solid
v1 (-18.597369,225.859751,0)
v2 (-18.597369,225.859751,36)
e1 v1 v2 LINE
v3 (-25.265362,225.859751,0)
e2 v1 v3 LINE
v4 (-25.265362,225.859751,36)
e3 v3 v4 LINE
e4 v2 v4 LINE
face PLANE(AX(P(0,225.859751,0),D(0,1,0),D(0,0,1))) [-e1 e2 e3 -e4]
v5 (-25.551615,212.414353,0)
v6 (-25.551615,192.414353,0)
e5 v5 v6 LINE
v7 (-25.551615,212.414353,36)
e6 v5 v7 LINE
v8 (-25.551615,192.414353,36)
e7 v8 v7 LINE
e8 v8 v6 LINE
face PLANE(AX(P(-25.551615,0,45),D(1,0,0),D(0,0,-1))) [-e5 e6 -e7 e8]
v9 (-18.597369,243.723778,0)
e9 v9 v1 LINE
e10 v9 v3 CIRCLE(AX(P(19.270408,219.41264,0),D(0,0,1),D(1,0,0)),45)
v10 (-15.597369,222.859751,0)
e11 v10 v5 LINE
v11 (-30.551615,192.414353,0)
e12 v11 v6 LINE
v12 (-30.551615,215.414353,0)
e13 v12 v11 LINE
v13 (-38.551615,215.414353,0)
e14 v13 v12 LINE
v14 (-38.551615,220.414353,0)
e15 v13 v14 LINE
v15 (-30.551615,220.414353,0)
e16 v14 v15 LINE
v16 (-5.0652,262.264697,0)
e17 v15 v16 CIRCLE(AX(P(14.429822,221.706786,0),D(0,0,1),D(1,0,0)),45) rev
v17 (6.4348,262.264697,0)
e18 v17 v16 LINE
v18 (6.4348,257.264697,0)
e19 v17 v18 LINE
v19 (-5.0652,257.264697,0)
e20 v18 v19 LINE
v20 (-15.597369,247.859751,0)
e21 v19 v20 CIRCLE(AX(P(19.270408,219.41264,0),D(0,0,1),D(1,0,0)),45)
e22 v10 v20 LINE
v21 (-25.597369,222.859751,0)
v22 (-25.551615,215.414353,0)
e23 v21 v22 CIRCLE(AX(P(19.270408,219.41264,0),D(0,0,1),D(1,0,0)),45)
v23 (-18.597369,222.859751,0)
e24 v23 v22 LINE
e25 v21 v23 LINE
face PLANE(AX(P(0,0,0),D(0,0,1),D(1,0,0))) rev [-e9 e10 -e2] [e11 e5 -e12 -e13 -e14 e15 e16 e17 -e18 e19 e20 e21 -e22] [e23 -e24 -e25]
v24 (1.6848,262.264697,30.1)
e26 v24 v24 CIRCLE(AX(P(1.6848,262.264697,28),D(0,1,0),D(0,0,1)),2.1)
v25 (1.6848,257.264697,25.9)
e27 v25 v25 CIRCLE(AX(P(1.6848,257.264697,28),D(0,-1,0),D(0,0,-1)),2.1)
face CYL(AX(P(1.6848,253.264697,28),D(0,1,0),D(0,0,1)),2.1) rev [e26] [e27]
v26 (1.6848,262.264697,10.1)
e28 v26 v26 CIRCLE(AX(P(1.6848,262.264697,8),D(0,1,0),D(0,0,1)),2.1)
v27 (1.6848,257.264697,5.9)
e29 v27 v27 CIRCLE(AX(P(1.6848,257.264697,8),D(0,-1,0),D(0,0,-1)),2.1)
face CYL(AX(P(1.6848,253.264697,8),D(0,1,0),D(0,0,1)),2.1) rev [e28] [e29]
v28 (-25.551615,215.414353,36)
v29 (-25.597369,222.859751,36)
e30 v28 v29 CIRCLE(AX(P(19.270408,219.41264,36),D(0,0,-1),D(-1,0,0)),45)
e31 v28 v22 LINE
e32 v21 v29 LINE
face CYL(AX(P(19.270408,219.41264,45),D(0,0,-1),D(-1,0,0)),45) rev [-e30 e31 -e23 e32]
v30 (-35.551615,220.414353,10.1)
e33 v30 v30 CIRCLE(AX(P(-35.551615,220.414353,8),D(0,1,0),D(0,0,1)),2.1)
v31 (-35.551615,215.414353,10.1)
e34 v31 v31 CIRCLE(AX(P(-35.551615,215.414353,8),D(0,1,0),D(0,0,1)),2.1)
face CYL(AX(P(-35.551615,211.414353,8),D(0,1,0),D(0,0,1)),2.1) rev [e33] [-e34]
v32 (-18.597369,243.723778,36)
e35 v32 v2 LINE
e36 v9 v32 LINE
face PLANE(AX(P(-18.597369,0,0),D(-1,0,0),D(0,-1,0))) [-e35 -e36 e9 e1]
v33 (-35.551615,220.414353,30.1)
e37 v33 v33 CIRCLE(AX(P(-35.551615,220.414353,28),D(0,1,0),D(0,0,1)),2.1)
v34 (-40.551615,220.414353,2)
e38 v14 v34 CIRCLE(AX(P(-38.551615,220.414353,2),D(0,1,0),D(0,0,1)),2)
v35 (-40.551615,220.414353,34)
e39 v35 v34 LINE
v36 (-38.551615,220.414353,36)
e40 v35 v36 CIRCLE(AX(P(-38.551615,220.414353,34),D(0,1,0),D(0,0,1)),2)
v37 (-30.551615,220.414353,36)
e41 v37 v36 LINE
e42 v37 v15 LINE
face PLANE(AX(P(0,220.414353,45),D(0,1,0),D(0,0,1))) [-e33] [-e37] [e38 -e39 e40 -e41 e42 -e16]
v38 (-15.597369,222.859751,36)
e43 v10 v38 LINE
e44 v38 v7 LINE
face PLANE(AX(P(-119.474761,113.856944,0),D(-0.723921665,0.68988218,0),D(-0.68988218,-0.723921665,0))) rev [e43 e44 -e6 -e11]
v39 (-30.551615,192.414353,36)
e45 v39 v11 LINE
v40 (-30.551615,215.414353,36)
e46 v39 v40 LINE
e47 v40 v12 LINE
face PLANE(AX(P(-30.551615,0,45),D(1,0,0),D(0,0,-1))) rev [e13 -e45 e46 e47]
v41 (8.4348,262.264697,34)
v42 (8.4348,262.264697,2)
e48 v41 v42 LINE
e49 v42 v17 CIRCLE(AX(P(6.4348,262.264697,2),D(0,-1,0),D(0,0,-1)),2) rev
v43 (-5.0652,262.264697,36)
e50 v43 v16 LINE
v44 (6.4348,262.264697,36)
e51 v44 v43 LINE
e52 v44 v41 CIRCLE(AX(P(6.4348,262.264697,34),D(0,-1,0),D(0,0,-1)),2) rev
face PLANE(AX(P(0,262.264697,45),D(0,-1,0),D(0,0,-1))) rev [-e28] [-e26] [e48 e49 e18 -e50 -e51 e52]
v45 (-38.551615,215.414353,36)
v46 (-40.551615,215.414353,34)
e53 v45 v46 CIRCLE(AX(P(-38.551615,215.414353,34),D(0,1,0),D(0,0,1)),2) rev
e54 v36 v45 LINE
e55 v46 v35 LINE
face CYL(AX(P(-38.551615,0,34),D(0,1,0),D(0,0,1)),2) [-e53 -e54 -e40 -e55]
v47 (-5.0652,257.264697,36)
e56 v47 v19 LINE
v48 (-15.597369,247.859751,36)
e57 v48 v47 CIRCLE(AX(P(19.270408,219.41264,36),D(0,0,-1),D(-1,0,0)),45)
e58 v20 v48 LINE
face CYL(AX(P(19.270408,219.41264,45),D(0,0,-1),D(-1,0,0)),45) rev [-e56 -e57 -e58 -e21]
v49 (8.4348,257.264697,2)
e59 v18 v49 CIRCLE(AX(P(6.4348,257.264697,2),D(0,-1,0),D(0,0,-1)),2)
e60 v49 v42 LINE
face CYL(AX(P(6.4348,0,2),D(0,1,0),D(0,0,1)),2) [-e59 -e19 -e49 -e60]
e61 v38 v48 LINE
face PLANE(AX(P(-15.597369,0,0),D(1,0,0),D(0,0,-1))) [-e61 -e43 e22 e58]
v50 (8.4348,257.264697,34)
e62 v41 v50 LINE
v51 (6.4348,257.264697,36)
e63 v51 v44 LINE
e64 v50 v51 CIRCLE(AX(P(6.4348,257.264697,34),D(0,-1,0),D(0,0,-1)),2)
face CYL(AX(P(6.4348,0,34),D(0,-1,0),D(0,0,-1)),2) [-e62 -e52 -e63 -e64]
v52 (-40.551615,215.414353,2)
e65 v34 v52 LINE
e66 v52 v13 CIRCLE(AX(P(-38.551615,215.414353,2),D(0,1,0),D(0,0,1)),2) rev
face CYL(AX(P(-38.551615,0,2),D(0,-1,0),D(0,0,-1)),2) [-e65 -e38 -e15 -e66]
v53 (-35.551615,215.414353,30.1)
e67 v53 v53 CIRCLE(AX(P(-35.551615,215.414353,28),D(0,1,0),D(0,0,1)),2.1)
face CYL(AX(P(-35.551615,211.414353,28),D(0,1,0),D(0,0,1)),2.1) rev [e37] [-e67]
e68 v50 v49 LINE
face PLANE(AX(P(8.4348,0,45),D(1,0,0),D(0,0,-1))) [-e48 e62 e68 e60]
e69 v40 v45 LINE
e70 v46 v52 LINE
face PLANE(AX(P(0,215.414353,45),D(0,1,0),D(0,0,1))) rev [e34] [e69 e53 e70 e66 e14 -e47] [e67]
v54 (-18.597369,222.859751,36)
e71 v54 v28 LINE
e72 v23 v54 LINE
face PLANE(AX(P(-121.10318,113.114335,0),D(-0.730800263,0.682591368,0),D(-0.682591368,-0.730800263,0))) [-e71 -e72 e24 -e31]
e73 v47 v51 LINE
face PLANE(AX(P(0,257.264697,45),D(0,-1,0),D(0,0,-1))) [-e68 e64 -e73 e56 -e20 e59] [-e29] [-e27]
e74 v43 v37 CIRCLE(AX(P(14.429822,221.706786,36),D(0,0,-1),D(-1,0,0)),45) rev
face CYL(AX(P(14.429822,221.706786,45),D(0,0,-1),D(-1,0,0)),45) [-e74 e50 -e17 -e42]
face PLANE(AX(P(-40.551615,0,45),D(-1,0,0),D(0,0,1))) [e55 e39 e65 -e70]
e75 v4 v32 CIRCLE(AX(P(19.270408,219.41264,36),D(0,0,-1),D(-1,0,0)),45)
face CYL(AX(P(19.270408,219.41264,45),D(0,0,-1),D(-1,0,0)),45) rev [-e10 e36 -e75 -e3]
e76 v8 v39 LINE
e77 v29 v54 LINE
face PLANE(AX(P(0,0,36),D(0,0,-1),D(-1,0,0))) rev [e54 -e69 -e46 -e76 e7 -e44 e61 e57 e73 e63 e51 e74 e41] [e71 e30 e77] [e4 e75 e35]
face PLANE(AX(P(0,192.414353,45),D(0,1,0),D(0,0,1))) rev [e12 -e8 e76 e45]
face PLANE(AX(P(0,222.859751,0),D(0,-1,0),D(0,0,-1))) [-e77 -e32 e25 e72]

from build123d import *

# Parameters (mm, degrees)
SKETCH3_W           = 13.5
SKETCH3_H           = 5
SKETCH3_W_2         = 10
SKETCH3_W_3         = 5
SKETCH3_H_2         = 23
BOSS_EXTRUDE1_DEPTH = 45
FILLET1_R           = 2
SKETCH5_R           = 2.1
CUT_EXTRUDE2_DEPTH  = 45
SKETCH6_R           = 2.1
CUT_EXTRUDE3_DEPTH  = 45
SKETCH7_W           = 8.210459319
SKETCH7_H           = 32.58724939
BOSS_EXTRUDE2_DEPTH = 5
SKETCH8_R           = 2.1
CUT_EXTRUDE5_DEPTH  = 45
BOSS_EXTRUDE3_DEPTH = 45
SKETCH10_W          = 60.355694637
SKETCH10_H          = 75.381613981
CUT_EXTRUDE7_DEPTH  = 9
SKETCH13_W          = 6.095088126
SKETCH13_H          = 29.055723933
BOSS_EXTRUDE6_DEPTH = 5
SKETCH14_W          = 6.424633762
SKETCH14_H          = 30.784703445
BOSS_EXTRUDE7_DEPTH = 5
FILLET3_R           = 2
SKETCH15_R          = 2.1
CUT_EXTRUDE8_DEPTH  = 9
SKETCH16_R          = 2.1
CUT_EXTRUDE9_DEPTH  = 9


with BuildPart() as part:
    # Sketch3 → Boss-Extrude1 (new body)
    with BuildSketch(Plane.XY):
        with BuildLine():
            ThreePointArc((-5.06519953, 257.264696919), (-21.146881422, 239.197551787), (-25.551614771, 215.414352888))
            Line((-25.551614771, 215.414352888), (-30.551614771, 215.414352888))
            Line((-30.551614771, 215.414352888), (-30.551614771, 220.414352888))
            ThreePointArc((-30.551614771, 220.414352888), (-24.004098535, 245.112635185), (-5.06519953, 262.264696919))
            Line((-5.06519953, 262.264696919), (-5.06519953, 257.264696919))
        make_face()
        with Locations((1.68480047, 259.764696919)):
            Rectangle(SKETCH3_W, SKETCH3_H)
        with Locations((-35.551614771, 217.914352888)):
            Rectangle(SKETCH3_W_2, SKETCH3_H)
        with Locations((-28.051614771, 203.914352888)):
            Rectangle(SKETCH3_W_3, SKETCH3_H_2)
    extrude(amount=BOSS_EXTRUDE1_DEPTH)

    # Fillet1
    fillet1_edges = [part.edges().sort_by_distance(p)[0] for p in [
        (-40.551614771, 217.914352888, 0),
        (8.43480047, 259.764696919, 45),
        (8.43480047, 259.764696919, 0),
        (-40.551614771, 217.914352888, 45),
    ]]
    fillet(fillet1_edges, radius=FILLET1_R)

    # Sketch5 → Cut-Extrude2 (cut)
    with BuildSketch(Plane(origin=(0, 262.264696919, 0), x_dir=(1, 0, 0), z_dir=(0, 1, 0))):
        with Locations((0.24480047, -40)):
            Circle(SKETCH5_R)
        with Locations((0.24480047, -14.8)):
            Circle(SKETCH5_R)
    extrude(amount=-CUT_EXTRUDE2_DEPTH, mode=Mode.SUBTRACT)

    # Sketch6 → Cut-Extrude3 (cut)
    with BuildSketch(Plane(origin=(0, 220.414352888, 0), x_dir=(1, 0, 0), z_dir=(0, 1, 0))):
        with Locations((-35.551614771, -10)):
            Circle(SKETCH6_R)
        with Locations((-35.551614771, -35)):
            Circle(SKETCH6_R)
    extrude(amount=-CUT_EXTRUDE3_DEPTH, mode=Mode.SUBTRACT)

    # Sketch7 → Boss-Extrude2 (add)
    with BuildSketch(Plane(origin=(0, 262.264696919, 0), x_dir=(1, 0, 0), z_dir=(0, 1, 0))):
        with Locations((1.09445166, -26.923464517)):
            Rectangle(SKETCH7_W, SKETCH7_H)
    extrude(amount=-BOSS_EXTRUDE2_DEPTH)

    # Sketch8 → Cut-Extrude5 (cut)
    with BuildSketch(Plane(origin=(0, 262.264696919, 0), x_dir=(1, 0, 0), z_dir=(0, 1, 0))):
        with Locations((0.24480047, -5)):
            Circle(SKETCH8_R)
        with Locations((0.24480047, -30.2)):
            Circle(SKETCH8_R)
    extrude(amount=-CUT_EXTRUDE5_DEPTH, mode=Mode.SUBTRACT)

    # Sketch9 → Boss-Extrude3 (add, through all)
    with BuildSketch(Plane.XY.offset(45)):
        with BuildLine():
            ThreePointArc((-25.265361734, 225.859750777), (-25.456525287, 224.362535182), (-25.597369426, 222.859750777))
            Line((-25.597369426, 222.859750777), (-18.597369426, 222.859750777))
            Line((-18.597369426, 222.859750777), (-15.597369426, 222.859750777))
            Line((-15.597369426, 222.859750777), (-15.597369426, 247.859750777))
            ThreePointArc((-15.597369426, 247.859750777), (-17.156118075, 245.834377519), (-18.597369426, 243.72377838))
            Line((-18.597369426, 243.72377838), (-18.597369426, 225.859750777))
            Line((-18.597369426, 225.859750777), (-25.265361734, 225.859750777))
        make_face()
        Polygon((-15.597369426, 222.859750777), (-18.597369426, 222.859750777), (-25.551614771, 215.414352888), (-25.551614771, 212.414352888), align=None)
    extrude(amount=-BOSS_EXTRUDE3_DEPTH)

    # Sketch10 → Cut-Extrude7 (cut)
    with BuildSketch(Plane.XY.offset(45)):
        with Locations((-21.743046849, 224.573889929)):
            Rectangle(SKETCH10_W, SKETCH10_H)
    extrude(amount=-CUT_EXTRUDE7_DEPTH, mode=Mode.SUBTRACT)

    # Sketch13 → Boss-Extrude6 (add)
    with BuildSketch(Plane(origin=(0, 220.414352888, 0), x_dir=(1, 0, 0), z_dir=(0, 1, 0))):
        with Locations((-35.175849568, -21.472138034)):
            Rectangle(SKETCH13_W, SKETCH13_H)
    extrude(amount=-BOSS_EXTRUDE6_DEPTH)

    # Sketch14 → Boss-Extrude7 (add)
    with BuildSketch(Plane(origin=(0, 262.264696919, 0), x_dir=(1, 0, 0), z_dir=(0, 1, 0))):
        with Locations((0.1637931, -17.411075239)):
            Rectangle(SKETCH14_W, SKETCH14_H)
    extrude(amount=-BOSS_EXTRUDE7_DEPTH)

    # Fillet3
    fillet3_edges = [part.edges().sort_by_distance(p)[0] for p in [
        (-40.551614771, 217.914352888, 36),
        (8.43480047, 259.764696919, 36),
    ]]
    fillet(fillet3_edges, radius=FILLET3_R)

    # Sketch15 → Cut-Extrude8 (cut)
    with BuildSketch(Plane(origin=(0, 220.414352888, 0), x_dir=(1, 0, 0), z_dir=(0, 1, 0))):
        with Locations((-35.551614771, -8)):
            Circle(SKETCH15_R)
        with Locations((-35.551614771, -28)):
            Circle(SKETCH15_R)
    extrude(amount=-CUT_EXTRUDE8_DEPTH, mode=Mode.SUBTRACT)

    # Sketch16 → Cut-Extrude9 (cut)
    with BuildSketch(Plane(origin=(0, 262.264696919, 0), x_dir=(1, 0, 0), z_dir=(0, 1, 0))):
        with Locations((1.68480047, -8)):
            Circle(SKETCH16_R)
        with Locations((1.68480047, -28)):
            Circle(SKETCH16_R)
    extrude(amount=-CUT_EXTRUDE9_DEPTH, mode=Mode.SUBTRACT)


solid = part.part
